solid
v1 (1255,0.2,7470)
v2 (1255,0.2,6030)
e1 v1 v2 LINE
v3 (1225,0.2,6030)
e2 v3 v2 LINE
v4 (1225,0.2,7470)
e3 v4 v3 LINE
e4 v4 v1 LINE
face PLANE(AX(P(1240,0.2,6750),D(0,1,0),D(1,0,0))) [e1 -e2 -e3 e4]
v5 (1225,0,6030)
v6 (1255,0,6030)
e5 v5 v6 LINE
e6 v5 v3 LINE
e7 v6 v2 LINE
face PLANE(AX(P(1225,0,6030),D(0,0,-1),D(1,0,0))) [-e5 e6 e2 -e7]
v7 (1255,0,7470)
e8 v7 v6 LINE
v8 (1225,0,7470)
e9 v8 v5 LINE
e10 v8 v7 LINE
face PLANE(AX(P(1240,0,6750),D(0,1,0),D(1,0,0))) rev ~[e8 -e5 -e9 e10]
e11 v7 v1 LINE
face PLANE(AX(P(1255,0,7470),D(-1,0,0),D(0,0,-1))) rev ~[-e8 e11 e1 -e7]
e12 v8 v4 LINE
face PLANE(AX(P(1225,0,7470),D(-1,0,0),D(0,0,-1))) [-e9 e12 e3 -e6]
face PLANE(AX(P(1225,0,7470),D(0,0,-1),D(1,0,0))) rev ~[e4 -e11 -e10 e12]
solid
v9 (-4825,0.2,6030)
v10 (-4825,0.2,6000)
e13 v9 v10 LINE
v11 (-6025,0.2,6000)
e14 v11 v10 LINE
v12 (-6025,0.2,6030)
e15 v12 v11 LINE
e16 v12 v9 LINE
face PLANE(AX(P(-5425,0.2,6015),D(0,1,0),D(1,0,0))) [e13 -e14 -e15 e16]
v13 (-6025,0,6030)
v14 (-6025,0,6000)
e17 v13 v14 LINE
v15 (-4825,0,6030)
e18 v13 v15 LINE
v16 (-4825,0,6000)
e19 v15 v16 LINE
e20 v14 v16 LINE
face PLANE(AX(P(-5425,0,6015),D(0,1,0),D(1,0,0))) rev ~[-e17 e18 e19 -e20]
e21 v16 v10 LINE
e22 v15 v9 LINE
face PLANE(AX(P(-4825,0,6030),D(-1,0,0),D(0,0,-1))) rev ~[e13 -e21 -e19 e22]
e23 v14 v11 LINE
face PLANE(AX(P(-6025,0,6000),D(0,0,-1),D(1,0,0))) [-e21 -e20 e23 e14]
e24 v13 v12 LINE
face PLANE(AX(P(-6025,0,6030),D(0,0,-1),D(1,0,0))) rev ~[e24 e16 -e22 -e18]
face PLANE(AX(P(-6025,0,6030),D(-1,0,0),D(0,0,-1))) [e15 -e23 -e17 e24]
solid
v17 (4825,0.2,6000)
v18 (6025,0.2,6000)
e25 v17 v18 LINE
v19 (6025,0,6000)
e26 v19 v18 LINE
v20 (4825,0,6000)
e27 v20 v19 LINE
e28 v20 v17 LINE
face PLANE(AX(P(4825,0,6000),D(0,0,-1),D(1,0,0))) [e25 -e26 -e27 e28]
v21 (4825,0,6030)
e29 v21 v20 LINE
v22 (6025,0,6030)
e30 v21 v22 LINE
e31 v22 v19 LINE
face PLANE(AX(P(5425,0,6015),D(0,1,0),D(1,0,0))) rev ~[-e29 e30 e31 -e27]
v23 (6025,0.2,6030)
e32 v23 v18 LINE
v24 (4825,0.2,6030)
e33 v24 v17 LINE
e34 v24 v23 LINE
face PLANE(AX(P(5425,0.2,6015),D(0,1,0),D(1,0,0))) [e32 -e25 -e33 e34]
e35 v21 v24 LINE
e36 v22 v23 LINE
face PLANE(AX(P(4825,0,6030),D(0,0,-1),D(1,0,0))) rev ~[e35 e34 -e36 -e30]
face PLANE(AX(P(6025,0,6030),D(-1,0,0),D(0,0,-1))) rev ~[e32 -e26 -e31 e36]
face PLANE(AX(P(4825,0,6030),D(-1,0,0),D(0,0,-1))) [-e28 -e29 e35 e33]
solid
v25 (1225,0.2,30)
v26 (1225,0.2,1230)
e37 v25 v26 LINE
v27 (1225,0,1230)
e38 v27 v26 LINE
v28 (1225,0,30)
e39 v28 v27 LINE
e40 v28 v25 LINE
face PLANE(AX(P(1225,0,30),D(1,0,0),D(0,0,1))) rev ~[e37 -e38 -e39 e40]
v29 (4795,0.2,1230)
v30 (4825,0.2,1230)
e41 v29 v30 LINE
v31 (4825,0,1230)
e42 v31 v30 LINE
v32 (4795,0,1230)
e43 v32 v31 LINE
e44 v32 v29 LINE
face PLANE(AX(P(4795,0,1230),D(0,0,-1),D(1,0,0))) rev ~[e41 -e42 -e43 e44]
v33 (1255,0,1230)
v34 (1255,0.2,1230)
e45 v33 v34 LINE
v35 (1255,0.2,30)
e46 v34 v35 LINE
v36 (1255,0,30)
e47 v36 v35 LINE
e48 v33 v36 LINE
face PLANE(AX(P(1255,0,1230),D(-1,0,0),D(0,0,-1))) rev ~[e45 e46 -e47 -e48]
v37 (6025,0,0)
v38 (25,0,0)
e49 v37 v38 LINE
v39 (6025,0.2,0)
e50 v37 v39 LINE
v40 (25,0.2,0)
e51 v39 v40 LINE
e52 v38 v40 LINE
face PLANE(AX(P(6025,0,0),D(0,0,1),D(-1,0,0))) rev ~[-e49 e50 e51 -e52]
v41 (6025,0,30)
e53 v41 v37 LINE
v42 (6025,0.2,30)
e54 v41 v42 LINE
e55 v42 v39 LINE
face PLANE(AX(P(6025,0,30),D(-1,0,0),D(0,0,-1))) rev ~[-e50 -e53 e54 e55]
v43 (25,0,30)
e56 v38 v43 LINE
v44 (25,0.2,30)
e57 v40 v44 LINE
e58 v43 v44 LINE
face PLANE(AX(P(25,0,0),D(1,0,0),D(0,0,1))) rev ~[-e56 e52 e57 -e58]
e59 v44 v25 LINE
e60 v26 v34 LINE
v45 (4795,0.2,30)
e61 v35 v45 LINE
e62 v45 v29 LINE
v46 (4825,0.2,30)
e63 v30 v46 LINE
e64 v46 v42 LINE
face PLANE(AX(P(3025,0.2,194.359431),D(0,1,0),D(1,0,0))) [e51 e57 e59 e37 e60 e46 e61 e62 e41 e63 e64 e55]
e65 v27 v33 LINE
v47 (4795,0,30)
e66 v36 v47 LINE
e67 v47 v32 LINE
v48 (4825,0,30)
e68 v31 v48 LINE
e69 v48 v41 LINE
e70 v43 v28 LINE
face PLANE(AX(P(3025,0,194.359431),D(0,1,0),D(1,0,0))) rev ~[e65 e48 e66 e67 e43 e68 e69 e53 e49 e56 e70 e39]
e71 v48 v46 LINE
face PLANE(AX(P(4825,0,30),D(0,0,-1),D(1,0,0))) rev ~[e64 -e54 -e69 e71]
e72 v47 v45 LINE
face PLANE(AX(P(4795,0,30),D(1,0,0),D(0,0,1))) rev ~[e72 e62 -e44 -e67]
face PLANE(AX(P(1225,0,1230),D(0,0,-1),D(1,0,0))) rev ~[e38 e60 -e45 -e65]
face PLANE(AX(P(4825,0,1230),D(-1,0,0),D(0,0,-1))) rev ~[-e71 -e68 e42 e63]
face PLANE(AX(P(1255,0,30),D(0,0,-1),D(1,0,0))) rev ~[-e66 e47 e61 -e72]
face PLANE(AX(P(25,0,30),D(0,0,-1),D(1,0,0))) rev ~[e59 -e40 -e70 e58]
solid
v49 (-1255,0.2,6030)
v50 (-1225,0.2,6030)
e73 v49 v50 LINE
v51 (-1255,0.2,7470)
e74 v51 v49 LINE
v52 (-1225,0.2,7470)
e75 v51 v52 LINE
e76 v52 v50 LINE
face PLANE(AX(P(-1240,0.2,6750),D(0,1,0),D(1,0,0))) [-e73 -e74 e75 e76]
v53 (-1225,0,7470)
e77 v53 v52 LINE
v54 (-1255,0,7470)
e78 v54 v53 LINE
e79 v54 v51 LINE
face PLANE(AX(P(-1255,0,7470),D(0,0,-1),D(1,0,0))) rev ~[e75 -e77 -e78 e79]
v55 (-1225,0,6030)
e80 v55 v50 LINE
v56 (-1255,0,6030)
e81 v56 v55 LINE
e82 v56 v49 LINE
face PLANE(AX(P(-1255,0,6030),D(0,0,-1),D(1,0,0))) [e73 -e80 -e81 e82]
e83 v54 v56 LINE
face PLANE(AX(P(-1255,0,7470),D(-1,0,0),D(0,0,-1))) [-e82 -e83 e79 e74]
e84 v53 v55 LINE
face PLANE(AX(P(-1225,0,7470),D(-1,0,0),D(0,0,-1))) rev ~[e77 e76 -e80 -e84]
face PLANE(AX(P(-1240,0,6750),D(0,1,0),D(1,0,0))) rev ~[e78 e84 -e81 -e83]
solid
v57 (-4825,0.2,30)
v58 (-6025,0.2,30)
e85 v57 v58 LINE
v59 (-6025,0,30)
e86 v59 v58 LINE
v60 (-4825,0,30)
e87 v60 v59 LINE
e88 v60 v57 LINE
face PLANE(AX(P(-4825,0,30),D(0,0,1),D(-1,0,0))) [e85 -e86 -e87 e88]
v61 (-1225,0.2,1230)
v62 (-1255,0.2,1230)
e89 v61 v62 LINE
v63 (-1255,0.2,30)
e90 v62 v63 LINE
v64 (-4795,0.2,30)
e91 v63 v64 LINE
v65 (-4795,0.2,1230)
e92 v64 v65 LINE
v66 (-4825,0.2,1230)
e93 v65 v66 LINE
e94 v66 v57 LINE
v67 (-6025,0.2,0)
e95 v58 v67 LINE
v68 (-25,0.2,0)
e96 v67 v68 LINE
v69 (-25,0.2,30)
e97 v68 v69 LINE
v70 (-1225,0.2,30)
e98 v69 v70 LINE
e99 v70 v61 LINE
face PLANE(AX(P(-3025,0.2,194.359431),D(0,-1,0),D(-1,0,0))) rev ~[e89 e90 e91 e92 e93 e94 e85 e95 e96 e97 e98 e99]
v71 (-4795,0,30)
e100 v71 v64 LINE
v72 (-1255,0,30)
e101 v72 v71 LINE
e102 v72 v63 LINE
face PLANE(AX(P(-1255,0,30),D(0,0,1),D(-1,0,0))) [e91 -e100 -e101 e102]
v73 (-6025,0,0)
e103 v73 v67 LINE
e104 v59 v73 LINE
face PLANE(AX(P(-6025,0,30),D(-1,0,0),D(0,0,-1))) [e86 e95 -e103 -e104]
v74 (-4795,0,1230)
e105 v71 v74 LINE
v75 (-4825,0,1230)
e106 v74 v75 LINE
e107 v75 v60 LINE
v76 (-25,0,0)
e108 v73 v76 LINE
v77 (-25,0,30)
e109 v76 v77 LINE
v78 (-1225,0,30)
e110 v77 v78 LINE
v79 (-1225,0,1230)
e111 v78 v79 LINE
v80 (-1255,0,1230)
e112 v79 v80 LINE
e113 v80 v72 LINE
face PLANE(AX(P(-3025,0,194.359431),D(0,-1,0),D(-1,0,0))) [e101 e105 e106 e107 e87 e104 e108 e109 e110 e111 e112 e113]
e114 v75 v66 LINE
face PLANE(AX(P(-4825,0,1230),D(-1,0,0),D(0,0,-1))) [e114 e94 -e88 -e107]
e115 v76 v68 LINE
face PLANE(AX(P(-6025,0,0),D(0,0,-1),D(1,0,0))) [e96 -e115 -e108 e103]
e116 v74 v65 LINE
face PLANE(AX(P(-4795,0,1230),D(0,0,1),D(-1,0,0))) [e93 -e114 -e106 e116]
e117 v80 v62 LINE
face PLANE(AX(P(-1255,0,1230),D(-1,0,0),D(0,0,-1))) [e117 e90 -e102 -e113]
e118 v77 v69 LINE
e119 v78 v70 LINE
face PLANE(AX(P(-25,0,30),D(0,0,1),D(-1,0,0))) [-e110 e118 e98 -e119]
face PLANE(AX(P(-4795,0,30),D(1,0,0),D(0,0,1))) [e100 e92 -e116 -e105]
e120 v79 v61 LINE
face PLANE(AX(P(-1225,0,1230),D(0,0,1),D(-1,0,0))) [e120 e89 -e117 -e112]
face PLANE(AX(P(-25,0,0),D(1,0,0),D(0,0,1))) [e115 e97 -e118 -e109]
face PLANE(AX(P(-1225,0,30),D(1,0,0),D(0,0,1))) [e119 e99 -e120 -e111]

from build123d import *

# Parameters (mm, degrees)
EXTRUDE_1_DEPTH   = 0.2
SKETCH_1_W        = 1200
SKETCH_1_H        = 30
EXTRUDE_1_2_DEPTH = 0.2
SKETCH_1_W_2      = 30
SKETCH_1_H_2      = 1440
EXTRUDE_1_3_DEPTH = 0.2
EXTRUDE_1_4_DEPTH = 0.2
EXTRUDE_1_5_DEPTH = 0.2
EXTRUDE_1_6_DEPTH = 0.2


with BuildPart() as part:
    # 草图1 → 凸台-拉伸1 (new body)
    with BuildSketch(Plane(origin=(0, 0, 0), x_dir=(1, 0, 0), z_dir=(0, 1, 0))):
        Polygon((-6025, 0), (-25, 0), (-25, -30), (-1225, -30), (-1225, -1230), (-1255, -1230), (-1255, -30), (-4795, -30), (-4795, -1230), (-4825, -1230), (-4825, -30), (-6025, -30), align=None)
    extrude(amount=EXTRUDE_1_DEPTH)


with BuildPart() as body_2:
    # 草图1 → Extrude 1 2 (new body)
    with BuildSketch(Plane(origin=(0, 0, 0), x_dir=(1, 0, 0), z_dir=(0, 1, 0))):
        with Locations((-5425, -6015)):
            Rectangle(SKETCH_1_W, SKETCH_1_H)
    extrude(amount=EXTRUDE_1_2_DEPTH)


with BuildPart() as body_3:
    # 草图1 → Extrude 1 3 (new body)
    with BuildSketch(Plane(origin=(0, 0, 0), x_dir=(1, 0, 0), z_dir=(0, 1, 0))):
        with Locations((-1240, -6750)):
            Rectangle(SKETCH_1_W_2, SKETCH_1_H_2)
    extrude(amount=EXTRUDE_1_3_DEPTH)


with BuildPart() as body_4:
    # 草图1 → Extrude 1 4 (new body)
    with BuildSketch(Plane(origin=(0, 0, 0), x_dir=(1, 0, 0), z_dir=(0, 1, 0))):
        with Locations((5425, -6015)):
            Rectangle(SKETCH_1_W, SKETCH_1_H)
    extrude(amount=EXTRUDE_1_4_DEPTH)


with BuildPart() as body_5:
    # 草图1 → Extrude 1 5 (new body)
    with BuildSketch(Plane(origin=(0, 0, 0), x_dir=(1, 0, 0), z_dir=(0, 1, 0))):
        with Locations((1240, -6750)):
            Rectangle(SKETCH_1_W_2, SKETCH_1_H_2)
    extrude(amount=EXTRUDE_1_5_DEPTH)


with BuildPart() as body_6:
    # 草图1 → Extrude 1 6 (new body)
    with BuildSketch(Plane(origin=(0, 0, 0), x_dir=(1, 0, 0), z_dir=(0, 1, 0))):
        Polygon((4825, -30), (6025, -30), (6025, 0), (25, 0), (25, -30), (1225, -30), (1225, -1230), (1255, -1230), (1255, -30), (4795, -30), (4795, -1230), (4825, -1230), align=None)
    extrude(amount=EXTRUDE_1_6_DEPTH)


solid = Compound([part.part, body_2.part, body_3.part, body_4.part, body_5.part, body_6.part])
